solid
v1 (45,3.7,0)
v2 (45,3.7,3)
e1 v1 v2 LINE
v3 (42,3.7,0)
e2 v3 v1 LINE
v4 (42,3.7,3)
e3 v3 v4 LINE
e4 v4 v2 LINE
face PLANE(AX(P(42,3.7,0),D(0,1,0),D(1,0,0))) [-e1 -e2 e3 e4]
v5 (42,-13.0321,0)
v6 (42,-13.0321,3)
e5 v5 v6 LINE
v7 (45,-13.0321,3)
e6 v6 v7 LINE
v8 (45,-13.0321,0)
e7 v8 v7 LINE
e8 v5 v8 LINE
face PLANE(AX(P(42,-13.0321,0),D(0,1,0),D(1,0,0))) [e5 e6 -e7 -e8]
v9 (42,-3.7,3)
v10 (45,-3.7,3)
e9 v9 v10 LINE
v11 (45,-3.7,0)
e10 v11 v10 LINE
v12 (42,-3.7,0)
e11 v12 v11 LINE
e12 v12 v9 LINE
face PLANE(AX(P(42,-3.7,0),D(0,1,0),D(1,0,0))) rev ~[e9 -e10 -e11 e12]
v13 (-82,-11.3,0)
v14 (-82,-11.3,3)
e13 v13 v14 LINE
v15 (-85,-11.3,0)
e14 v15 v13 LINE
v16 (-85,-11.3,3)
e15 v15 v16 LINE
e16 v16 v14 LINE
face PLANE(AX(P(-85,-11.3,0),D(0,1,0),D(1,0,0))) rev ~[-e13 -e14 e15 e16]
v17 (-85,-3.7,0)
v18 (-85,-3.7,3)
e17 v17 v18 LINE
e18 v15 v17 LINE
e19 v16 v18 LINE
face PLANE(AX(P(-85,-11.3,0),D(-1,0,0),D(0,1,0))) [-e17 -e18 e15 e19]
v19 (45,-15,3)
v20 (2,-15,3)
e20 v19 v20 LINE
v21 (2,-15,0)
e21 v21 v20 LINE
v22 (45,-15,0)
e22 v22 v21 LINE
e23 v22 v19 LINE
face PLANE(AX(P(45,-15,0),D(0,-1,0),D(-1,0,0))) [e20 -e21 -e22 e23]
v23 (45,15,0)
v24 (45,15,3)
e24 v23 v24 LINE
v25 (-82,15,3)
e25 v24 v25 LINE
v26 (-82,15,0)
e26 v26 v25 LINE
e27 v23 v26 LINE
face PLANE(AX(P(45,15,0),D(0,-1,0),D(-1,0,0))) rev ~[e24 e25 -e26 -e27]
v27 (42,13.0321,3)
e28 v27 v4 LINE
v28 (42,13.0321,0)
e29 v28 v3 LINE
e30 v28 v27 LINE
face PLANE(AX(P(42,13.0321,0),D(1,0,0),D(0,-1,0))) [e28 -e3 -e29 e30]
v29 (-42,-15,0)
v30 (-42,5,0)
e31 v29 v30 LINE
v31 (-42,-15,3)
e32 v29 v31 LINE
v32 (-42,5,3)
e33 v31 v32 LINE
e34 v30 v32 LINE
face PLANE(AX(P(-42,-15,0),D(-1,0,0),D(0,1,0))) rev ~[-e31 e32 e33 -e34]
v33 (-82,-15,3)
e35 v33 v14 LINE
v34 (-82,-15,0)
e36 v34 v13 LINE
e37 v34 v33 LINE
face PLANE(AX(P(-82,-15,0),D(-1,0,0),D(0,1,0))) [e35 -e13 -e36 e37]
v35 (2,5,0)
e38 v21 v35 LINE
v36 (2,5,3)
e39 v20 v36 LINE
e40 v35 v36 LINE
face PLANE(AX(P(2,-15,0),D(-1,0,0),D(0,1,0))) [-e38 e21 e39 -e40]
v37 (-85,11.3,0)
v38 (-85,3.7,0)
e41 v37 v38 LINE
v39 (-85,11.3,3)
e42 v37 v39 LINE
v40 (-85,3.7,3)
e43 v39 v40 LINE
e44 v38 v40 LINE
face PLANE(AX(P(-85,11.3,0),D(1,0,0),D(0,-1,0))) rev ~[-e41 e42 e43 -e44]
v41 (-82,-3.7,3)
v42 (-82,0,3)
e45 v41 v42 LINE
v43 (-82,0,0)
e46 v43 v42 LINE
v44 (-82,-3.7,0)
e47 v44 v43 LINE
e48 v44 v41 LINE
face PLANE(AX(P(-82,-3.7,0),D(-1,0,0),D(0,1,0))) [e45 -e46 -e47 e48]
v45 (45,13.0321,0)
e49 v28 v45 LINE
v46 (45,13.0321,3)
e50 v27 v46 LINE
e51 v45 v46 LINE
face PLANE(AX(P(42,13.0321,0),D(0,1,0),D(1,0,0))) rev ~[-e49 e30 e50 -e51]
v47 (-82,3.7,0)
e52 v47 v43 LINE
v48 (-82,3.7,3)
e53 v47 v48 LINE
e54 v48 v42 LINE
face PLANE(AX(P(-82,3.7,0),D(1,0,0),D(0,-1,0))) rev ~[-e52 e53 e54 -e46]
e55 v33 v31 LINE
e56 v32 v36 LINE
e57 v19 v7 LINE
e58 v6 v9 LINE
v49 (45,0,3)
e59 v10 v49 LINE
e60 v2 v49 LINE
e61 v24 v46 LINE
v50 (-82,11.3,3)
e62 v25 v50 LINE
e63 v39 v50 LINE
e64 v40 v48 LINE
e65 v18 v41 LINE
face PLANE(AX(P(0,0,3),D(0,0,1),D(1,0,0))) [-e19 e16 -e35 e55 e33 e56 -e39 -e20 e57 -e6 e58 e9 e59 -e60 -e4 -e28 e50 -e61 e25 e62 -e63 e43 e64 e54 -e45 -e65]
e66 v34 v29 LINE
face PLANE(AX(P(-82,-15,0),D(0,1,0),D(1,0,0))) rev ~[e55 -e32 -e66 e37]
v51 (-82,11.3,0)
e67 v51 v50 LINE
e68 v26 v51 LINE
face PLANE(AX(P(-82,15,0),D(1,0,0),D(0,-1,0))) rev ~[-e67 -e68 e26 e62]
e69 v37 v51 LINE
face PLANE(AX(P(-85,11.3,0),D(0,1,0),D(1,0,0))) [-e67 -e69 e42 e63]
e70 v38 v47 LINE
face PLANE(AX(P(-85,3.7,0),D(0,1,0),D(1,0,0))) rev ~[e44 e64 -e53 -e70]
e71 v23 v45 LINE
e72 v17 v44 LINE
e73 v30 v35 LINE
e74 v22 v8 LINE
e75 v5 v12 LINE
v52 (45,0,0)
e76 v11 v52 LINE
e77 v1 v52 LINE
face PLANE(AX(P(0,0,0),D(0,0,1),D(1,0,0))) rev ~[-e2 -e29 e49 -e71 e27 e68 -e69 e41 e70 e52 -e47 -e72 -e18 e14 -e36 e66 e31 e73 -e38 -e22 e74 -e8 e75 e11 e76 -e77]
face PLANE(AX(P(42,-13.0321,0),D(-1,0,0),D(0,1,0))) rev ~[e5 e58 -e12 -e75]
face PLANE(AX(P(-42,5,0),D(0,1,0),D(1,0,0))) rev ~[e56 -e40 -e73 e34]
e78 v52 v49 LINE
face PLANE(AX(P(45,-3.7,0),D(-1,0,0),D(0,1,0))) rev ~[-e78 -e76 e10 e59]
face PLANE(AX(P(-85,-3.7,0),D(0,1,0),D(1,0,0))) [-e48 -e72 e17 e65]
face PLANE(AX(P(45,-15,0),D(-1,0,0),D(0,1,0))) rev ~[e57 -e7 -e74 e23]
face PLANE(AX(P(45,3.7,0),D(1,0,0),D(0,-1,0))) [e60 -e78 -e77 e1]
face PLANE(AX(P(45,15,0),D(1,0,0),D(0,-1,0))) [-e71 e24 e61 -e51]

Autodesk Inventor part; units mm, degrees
ref_plane "YZ Plane" through (0, 0, 0) normal (1, 0, 0) x (0, 1, 0)
ref_plane "XZ Plane" through (0, 0, 0) normal (0, 1, 0) x (-1, 0, 0)
ref_plane "XY Plane" through (0, 0, 0) normal (0, 0, 1) x (1, 0, 0)
sketch "Boceto1" plane through (0, 0, 0) normal (0, 0, 1) x (1, 0, 0)
  line L0 (45, 15) -> (-82, 15)
  line L1 (45, 15) -> (45, 13.0321)
  line L2 (42, 13.0321) -> (42, 3.7)
  line L3 (42, -13.0321) -> (42, -3.7)
  line L4 (45, 15) -> (45, 13.0321)
  line L5 (45, 3.7) -> (45, 0)
  line L6 (45, 13.0321) -> (45, 15)
  line L7 (45, -15) -> (45, -13.0321)
  line L8 (45, -3.7) -> (45, 3.7)
  line L9 (-82, 15) -> (-82, 11.3)
  line L10 (-85, 11.3) -> (-85, 3.7)
  line L11 (-85, -11.3) -> (-85, -3.7)
  line L12 (-82, 15) -> (-82, 11.3)
  line L13 (-82, 3.7) -> (-82, 0)
  line L14 (-82, 11.3) -> (-82, 15)
  line L15 (-82, -15) -> (-82, -11.3)
  line L16 (-82, -3.7) -> (-82, 3.7)
  line L17 (-85, 11.3) -> (-85, 3.7)
  line L18 (-85, -3.7) -> (-85, -11.3)
  line L19 (45, -15) -> (2, -15)
  line L20 (2, -15) -> (2, 5)
  line L21 (-82, -15) -> (-42, -15)
  line L22 (-42, -15) -> (-42, 5)
  line L23 (-42, 5) -> (2, 5)
  line L24 (42, 13.0321) -> (45, 13.0321)
  line L25 (42, 3.7) -> (45, 3.7)
  line L26 (42, -3.7) -> (45, -3.7)
  line L27 (42, -13.0321) -> (45, -13.0321)
  line L28 (-85, 3.7) -> (-82, 3.7)
  line L29 (-85, -3.7) -> (-82, -3.7)
  line L30 (-85, 11.3) -> (-82, 11.3)
  line L31 (-85, -11.3) -> (-82, -11.3)
  point P0 (-85, 0)
  point P1 (-85, 0)
  dimension "d14" = 3
  dimension "d18" = 3
  dimension "d19" = 3
  dimension "d23" = 130
  dimension "d24" = 43
  dimension "d25" = 20
  dimension "d26" = 40
  dimension "d27" = 43
extrude "Extrusión1" add sketch "Boceto1" along normal blind 3
